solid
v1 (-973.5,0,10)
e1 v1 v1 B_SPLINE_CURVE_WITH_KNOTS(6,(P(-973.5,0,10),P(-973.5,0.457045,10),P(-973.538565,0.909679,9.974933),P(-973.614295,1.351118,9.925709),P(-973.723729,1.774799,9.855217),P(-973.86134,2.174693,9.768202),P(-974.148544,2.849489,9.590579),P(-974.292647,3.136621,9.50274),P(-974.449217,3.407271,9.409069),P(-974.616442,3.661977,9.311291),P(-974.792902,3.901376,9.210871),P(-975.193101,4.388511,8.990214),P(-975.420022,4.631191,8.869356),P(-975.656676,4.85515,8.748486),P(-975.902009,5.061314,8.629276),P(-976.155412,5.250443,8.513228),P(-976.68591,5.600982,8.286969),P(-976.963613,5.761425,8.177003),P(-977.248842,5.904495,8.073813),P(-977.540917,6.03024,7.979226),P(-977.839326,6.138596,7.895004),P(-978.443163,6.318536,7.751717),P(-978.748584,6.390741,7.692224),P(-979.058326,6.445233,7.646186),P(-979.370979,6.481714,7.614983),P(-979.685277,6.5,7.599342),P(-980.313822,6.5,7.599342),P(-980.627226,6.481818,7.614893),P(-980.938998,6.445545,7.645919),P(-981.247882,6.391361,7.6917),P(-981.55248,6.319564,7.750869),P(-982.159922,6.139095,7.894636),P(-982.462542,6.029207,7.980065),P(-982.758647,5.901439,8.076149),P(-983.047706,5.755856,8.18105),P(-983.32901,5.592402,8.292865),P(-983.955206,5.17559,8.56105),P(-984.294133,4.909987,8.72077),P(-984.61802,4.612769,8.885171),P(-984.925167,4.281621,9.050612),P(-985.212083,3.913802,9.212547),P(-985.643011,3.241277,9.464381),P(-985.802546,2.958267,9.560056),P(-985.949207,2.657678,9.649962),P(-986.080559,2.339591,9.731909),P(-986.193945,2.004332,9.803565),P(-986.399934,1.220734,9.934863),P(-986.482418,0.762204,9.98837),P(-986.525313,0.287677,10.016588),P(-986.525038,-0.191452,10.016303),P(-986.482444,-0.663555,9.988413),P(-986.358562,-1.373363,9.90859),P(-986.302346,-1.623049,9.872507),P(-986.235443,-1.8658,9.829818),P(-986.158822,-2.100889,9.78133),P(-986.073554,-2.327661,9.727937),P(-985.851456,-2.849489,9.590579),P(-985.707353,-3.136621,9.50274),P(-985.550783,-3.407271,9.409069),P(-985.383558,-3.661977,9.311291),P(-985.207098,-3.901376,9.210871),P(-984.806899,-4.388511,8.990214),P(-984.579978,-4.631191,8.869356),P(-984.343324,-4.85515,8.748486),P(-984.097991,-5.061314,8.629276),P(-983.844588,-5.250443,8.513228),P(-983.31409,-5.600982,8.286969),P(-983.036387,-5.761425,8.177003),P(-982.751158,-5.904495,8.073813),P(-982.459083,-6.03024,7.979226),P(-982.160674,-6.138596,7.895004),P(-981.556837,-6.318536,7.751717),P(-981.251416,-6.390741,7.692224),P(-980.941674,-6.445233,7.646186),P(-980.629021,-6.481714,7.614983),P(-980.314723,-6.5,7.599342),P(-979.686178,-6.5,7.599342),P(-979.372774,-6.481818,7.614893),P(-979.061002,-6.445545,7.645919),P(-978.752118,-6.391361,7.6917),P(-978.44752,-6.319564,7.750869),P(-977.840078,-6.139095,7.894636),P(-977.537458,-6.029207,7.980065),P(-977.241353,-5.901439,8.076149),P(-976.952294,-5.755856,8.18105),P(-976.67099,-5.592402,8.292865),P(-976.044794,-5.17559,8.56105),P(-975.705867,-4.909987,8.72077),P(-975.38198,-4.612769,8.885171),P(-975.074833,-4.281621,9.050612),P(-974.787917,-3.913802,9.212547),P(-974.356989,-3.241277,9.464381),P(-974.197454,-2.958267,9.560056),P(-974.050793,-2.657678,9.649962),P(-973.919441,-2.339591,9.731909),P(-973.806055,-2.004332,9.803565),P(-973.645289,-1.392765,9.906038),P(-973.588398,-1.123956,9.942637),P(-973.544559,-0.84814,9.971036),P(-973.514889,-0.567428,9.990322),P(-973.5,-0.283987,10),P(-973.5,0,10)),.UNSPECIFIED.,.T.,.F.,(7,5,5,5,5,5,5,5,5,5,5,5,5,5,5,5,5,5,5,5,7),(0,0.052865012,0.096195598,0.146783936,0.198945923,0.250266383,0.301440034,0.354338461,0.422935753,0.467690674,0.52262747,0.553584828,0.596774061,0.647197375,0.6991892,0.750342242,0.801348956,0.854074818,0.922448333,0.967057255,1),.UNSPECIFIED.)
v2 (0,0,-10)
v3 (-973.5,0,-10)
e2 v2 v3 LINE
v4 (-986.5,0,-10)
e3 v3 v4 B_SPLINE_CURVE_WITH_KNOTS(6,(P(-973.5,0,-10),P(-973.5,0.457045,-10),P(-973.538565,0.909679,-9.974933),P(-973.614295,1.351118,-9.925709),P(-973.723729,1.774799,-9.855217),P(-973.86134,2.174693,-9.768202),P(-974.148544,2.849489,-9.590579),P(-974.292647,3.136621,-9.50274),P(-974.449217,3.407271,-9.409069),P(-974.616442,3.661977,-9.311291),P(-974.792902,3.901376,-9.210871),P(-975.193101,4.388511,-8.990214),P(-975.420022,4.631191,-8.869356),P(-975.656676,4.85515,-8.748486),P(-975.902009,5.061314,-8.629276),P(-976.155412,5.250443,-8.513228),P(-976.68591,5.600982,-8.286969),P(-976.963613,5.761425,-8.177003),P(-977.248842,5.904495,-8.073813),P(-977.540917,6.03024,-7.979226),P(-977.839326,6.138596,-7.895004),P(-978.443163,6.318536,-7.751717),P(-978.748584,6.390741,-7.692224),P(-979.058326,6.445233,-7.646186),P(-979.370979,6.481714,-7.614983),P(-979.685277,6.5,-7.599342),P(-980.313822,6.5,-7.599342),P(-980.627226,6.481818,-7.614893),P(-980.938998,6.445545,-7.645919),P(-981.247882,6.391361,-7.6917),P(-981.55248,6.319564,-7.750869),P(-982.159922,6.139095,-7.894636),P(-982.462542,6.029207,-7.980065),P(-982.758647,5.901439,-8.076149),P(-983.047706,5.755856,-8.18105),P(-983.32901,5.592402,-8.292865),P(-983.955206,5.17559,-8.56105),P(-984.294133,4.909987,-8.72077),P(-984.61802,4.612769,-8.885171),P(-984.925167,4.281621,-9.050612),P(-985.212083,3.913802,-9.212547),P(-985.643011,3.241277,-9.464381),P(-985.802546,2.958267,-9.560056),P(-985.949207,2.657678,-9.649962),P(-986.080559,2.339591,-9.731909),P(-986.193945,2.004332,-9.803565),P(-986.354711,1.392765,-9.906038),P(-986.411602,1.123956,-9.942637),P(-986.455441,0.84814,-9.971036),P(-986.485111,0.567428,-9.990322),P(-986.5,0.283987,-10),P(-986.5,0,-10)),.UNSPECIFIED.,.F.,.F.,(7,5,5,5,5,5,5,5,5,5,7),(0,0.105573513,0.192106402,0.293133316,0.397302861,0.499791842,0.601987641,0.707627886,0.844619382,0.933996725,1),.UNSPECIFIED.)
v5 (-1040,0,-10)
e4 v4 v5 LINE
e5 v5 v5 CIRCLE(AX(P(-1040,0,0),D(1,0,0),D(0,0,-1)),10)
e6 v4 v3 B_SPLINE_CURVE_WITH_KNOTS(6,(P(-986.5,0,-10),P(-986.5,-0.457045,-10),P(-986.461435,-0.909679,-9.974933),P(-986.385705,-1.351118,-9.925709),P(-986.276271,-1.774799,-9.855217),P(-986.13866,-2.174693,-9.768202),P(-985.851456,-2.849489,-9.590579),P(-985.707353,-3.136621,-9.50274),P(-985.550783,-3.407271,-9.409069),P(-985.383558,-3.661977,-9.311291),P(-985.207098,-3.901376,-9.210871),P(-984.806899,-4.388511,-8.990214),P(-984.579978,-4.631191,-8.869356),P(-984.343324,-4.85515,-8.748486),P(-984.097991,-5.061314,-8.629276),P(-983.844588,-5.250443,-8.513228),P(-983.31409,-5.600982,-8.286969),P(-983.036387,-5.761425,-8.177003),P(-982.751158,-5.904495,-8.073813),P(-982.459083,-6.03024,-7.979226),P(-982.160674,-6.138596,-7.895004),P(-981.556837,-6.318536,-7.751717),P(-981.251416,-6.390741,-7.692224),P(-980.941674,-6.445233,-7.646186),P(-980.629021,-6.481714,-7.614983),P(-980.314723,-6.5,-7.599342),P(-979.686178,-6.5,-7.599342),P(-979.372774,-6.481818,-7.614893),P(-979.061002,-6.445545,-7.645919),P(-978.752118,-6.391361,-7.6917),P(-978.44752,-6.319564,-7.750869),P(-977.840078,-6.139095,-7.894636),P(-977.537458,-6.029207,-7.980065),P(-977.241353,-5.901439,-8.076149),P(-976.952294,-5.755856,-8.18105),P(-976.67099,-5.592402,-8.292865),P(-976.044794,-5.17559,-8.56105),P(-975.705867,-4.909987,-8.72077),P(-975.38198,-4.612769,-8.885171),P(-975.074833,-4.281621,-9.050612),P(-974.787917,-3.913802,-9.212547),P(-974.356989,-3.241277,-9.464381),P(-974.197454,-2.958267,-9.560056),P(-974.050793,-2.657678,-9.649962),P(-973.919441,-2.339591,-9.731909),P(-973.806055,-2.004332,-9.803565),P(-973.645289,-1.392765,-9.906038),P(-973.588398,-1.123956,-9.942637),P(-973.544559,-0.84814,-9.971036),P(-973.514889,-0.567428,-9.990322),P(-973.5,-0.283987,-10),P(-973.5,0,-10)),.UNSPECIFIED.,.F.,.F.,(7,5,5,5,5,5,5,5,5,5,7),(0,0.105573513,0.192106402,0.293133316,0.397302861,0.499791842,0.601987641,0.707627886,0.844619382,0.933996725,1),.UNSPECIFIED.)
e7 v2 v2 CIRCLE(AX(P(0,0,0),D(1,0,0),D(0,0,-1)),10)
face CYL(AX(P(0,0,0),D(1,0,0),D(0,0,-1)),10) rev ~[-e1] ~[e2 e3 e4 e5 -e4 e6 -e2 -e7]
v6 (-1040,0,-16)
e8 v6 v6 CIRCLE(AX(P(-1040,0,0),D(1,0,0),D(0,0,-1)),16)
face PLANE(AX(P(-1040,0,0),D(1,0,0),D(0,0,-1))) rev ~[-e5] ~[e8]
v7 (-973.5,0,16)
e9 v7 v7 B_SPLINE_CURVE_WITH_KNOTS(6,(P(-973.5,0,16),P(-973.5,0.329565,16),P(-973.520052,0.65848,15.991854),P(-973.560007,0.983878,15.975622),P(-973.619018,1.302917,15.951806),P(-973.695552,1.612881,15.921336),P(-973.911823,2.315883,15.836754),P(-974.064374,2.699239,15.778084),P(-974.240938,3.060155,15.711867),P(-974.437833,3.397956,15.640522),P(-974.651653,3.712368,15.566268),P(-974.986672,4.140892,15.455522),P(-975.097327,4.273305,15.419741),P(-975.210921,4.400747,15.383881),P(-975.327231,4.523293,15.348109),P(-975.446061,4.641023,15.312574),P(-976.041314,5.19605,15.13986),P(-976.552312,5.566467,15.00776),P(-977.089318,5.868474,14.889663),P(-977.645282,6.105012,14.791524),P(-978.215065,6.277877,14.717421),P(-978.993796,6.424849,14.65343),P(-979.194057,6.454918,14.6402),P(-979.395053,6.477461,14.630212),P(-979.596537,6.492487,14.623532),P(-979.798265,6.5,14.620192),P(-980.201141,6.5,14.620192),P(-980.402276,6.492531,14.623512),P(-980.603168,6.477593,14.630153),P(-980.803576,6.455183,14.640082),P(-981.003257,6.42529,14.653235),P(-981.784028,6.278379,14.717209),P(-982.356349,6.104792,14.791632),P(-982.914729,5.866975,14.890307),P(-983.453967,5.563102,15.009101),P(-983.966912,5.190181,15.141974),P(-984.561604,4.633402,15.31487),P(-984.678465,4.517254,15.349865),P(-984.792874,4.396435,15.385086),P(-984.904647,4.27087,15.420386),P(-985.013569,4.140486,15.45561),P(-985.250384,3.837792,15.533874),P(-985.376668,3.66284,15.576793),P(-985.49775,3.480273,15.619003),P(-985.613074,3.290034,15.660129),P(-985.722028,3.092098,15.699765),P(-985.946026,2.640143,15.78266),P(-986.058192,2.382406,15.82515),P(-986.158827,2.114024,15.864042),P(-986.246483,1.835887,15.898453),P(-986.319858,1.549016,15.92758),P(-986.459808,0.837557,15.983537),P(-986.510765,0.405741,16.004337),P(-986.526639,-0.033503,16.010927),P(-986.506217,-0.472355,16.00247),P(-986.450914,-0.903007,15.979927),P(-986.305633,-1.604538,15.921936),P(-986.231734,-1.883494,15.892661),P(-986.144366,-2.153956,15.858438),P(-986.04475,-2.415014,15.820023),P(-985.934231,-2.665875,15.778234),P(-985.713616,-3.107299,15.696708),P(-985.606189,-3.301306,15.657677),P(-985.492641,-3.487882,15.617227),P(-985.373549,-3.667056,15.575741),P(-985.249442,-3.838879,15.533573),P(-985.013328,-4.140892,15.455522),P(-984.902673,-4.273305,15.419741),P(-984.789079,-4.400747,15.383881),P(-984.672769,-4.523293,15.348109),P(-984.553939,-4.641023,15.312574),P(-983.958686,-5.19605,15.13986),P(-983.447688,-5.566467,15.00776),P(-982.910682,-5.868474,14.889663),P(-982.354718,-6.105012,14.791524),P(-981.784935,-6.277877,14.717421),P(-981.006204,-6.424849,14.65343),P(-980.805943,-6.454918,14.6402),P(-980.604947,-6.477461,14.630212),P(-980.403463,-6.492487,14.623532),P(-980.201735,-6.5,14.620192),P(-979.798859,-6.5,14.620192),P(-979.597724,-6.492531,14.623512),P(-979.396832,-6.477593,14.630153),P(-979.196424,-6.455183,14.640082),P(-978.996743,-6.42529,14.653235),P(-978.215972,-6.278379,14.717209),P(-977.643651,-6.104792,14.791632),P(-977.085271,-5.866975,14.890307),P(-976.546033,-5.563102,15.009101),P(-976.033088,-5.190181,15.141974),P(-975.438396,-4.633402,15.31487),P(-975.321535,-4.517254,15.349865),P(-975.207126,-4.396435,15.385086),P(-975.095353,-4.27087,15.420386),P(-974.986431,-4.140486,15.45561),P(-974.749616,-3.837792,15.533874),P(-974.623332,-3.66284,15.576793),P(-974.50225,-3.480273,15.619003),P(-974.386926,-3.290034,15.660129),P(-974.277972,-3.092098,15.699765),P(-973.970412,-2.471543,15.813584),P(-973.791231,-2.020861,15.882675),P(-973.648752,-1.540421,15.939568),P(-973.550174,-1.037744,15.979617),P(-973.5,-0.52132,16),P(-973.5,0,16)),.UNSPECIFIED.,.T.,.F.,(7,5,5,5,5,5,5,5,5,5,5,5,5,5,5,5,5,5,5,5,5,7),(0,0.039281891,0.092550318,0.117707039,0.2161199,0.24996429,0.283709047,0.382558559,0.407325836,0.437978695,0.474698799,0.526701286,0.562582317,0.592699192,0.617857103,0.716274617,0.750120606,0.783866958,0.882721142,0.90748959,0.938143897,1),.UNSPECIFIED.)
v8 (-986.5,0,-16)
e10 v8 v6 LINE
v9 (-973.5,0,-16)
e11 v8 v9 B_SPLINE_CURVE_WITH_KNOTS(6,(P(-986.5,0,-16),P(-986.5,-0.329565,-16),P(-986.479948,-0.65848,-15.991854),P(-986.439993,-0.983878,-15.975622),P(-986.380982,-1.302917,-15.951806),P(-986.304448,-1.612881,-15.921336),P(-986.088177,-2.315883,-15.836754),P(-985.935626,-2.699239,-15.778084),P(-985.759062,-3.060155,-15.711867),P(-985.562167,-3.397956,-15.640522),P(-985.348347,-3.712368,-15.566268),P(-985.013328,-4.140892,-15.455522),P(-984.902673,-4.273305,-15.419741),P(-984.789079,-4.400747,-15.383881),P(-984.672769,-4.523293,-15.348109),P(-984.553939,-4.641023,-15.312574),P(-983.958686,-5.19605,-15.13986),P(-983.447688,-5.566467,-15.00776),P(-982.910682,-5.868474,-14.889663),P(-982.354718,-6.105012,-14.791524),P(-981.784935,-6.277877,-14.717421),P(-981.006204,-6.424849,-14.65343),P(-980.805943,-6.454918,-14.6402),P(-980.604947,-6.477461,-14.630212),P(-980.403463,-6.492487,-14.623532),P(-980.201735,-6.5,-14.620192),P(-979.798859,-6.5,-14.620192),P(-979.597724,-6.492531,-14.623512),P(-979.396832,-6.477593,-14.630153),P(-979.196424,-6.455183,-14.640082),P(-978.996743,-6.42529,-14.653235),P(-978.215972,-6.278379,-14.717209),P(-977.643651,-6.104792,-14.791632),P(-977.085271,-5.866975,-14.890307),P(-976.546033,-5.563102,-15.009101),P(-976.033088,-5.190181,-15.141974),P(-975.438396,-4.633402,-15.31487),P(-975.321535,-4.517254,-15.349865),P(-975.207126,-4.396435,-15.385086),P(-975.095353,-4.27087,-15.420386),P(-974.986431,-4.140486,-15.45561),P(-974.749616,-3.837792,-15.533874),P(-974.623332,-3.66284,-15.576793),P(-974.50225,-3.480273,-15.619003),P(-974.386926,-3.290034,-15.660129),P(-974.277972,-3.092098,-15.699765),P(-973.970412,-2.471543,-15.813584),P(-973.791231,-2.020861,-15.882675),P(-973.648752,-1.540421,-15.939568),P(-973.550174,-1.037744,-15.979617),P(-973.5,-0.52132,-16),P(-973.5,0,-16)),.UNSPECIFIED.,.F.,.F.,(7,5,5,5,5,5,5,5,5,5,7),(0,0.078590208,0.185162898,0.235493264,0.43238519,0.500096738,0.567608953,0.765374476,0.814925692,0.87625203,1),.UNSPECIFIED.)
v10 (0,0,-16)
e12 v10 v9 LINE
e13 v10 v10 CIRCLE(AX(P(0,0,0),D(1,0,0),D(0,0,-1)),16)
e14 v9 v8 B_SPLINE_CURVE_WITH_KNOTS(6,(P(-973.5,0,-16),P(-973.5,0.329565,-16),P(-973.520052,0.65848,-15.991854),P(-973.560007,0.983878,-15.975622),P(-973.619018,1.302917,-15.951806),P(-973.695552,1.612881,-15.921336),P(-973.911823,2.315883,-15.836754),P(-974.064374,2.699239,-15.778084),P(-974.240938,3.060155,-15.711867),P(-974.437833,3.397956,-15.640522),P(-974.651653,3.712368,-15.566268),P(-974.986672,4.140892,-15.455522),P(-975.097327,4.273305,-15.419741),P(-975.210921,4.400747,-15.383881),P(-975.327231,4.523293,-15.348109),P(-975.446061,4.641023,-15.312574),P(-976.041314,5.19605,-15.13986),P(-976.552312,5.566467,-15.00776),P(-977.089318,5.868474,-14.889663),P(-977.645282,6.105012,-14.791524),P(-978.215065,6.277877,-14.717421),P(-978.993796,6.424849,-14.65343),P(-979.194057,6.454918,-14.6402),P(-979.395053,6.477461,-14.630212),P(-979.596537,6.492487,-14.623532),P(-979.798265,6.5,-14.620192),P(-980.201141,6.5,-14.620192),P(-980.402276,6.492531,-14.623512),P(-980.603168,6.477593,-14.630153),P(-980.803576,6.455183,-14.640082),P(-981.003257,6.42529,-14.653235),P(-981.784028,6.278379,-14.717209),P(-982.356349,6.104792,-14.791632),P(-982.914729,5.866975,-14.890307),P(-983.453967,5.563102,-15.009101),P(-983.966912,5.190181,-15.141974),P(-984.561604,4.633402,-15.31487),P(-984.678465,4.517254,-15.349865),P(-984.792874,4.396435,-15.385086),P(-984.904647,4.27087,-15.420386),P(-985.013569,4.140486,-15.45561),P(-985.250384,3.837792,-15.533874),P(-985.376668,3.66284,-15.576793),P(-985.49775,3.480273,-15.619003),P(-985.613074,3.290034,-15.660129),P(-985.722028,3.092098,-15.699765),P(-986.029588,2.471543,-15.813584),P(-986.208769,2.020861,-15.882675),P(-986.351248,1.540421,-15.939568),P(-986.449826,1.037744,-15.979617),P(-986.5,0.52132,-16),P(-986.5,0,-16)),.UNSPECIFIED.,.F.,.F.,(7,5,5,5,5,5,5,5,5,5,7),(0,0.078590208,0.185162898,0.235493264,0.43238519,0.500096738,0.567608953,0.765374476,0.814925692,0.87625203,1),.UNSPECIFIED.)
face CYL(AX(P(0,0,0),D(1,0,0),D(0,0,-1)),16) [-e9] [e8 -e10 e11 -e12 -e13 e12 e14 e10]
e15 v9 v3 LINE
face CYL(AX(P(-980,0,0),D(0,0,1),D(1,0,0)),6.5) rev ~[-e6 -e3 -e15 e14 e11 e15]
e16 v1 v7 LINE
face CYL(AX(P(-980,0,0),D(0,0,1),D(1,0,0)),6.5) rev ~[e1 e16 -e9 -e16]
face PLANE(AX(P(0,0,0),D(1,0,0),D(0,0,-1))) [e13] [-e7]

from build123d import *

# Parameters (mm, degrees)
SKETCH1_R           = 16
SKETCH1_R_2         = 10
BOSS_EXTRUDE1_DEPTH = 1040
SKETCH2_R           = 6.5
CUT_EXTRUDE1_DEPTH  = 29.5


with BuildPart() as part:
    # Sketch1 → Boss-Extrude1 (new body)
    with BuildSketch(Plane(origin=(0, 0, 0), x_dir=(0, 0, -1), z_dir=(1, 0, 0))):
        Circle(SKETCH1_R)
        Circle(SKETCH1_R_2, mode=Mode.SUBTRACT)
    extrude(amount=-BOSS_EXTRUDE1_DEPTH)

    # Sketch2 → Cut-Extrude1 (cut, symmetric)
    with BuildSketch(Plane.XY):
        with Locations((-980, 0)):
            Circle(SKETCH2_R)
    extrude(amount=CUT_EXTRUDE1_DEPTH, both=True, mode=Mode.SUBTRACT)


solid = part.part
